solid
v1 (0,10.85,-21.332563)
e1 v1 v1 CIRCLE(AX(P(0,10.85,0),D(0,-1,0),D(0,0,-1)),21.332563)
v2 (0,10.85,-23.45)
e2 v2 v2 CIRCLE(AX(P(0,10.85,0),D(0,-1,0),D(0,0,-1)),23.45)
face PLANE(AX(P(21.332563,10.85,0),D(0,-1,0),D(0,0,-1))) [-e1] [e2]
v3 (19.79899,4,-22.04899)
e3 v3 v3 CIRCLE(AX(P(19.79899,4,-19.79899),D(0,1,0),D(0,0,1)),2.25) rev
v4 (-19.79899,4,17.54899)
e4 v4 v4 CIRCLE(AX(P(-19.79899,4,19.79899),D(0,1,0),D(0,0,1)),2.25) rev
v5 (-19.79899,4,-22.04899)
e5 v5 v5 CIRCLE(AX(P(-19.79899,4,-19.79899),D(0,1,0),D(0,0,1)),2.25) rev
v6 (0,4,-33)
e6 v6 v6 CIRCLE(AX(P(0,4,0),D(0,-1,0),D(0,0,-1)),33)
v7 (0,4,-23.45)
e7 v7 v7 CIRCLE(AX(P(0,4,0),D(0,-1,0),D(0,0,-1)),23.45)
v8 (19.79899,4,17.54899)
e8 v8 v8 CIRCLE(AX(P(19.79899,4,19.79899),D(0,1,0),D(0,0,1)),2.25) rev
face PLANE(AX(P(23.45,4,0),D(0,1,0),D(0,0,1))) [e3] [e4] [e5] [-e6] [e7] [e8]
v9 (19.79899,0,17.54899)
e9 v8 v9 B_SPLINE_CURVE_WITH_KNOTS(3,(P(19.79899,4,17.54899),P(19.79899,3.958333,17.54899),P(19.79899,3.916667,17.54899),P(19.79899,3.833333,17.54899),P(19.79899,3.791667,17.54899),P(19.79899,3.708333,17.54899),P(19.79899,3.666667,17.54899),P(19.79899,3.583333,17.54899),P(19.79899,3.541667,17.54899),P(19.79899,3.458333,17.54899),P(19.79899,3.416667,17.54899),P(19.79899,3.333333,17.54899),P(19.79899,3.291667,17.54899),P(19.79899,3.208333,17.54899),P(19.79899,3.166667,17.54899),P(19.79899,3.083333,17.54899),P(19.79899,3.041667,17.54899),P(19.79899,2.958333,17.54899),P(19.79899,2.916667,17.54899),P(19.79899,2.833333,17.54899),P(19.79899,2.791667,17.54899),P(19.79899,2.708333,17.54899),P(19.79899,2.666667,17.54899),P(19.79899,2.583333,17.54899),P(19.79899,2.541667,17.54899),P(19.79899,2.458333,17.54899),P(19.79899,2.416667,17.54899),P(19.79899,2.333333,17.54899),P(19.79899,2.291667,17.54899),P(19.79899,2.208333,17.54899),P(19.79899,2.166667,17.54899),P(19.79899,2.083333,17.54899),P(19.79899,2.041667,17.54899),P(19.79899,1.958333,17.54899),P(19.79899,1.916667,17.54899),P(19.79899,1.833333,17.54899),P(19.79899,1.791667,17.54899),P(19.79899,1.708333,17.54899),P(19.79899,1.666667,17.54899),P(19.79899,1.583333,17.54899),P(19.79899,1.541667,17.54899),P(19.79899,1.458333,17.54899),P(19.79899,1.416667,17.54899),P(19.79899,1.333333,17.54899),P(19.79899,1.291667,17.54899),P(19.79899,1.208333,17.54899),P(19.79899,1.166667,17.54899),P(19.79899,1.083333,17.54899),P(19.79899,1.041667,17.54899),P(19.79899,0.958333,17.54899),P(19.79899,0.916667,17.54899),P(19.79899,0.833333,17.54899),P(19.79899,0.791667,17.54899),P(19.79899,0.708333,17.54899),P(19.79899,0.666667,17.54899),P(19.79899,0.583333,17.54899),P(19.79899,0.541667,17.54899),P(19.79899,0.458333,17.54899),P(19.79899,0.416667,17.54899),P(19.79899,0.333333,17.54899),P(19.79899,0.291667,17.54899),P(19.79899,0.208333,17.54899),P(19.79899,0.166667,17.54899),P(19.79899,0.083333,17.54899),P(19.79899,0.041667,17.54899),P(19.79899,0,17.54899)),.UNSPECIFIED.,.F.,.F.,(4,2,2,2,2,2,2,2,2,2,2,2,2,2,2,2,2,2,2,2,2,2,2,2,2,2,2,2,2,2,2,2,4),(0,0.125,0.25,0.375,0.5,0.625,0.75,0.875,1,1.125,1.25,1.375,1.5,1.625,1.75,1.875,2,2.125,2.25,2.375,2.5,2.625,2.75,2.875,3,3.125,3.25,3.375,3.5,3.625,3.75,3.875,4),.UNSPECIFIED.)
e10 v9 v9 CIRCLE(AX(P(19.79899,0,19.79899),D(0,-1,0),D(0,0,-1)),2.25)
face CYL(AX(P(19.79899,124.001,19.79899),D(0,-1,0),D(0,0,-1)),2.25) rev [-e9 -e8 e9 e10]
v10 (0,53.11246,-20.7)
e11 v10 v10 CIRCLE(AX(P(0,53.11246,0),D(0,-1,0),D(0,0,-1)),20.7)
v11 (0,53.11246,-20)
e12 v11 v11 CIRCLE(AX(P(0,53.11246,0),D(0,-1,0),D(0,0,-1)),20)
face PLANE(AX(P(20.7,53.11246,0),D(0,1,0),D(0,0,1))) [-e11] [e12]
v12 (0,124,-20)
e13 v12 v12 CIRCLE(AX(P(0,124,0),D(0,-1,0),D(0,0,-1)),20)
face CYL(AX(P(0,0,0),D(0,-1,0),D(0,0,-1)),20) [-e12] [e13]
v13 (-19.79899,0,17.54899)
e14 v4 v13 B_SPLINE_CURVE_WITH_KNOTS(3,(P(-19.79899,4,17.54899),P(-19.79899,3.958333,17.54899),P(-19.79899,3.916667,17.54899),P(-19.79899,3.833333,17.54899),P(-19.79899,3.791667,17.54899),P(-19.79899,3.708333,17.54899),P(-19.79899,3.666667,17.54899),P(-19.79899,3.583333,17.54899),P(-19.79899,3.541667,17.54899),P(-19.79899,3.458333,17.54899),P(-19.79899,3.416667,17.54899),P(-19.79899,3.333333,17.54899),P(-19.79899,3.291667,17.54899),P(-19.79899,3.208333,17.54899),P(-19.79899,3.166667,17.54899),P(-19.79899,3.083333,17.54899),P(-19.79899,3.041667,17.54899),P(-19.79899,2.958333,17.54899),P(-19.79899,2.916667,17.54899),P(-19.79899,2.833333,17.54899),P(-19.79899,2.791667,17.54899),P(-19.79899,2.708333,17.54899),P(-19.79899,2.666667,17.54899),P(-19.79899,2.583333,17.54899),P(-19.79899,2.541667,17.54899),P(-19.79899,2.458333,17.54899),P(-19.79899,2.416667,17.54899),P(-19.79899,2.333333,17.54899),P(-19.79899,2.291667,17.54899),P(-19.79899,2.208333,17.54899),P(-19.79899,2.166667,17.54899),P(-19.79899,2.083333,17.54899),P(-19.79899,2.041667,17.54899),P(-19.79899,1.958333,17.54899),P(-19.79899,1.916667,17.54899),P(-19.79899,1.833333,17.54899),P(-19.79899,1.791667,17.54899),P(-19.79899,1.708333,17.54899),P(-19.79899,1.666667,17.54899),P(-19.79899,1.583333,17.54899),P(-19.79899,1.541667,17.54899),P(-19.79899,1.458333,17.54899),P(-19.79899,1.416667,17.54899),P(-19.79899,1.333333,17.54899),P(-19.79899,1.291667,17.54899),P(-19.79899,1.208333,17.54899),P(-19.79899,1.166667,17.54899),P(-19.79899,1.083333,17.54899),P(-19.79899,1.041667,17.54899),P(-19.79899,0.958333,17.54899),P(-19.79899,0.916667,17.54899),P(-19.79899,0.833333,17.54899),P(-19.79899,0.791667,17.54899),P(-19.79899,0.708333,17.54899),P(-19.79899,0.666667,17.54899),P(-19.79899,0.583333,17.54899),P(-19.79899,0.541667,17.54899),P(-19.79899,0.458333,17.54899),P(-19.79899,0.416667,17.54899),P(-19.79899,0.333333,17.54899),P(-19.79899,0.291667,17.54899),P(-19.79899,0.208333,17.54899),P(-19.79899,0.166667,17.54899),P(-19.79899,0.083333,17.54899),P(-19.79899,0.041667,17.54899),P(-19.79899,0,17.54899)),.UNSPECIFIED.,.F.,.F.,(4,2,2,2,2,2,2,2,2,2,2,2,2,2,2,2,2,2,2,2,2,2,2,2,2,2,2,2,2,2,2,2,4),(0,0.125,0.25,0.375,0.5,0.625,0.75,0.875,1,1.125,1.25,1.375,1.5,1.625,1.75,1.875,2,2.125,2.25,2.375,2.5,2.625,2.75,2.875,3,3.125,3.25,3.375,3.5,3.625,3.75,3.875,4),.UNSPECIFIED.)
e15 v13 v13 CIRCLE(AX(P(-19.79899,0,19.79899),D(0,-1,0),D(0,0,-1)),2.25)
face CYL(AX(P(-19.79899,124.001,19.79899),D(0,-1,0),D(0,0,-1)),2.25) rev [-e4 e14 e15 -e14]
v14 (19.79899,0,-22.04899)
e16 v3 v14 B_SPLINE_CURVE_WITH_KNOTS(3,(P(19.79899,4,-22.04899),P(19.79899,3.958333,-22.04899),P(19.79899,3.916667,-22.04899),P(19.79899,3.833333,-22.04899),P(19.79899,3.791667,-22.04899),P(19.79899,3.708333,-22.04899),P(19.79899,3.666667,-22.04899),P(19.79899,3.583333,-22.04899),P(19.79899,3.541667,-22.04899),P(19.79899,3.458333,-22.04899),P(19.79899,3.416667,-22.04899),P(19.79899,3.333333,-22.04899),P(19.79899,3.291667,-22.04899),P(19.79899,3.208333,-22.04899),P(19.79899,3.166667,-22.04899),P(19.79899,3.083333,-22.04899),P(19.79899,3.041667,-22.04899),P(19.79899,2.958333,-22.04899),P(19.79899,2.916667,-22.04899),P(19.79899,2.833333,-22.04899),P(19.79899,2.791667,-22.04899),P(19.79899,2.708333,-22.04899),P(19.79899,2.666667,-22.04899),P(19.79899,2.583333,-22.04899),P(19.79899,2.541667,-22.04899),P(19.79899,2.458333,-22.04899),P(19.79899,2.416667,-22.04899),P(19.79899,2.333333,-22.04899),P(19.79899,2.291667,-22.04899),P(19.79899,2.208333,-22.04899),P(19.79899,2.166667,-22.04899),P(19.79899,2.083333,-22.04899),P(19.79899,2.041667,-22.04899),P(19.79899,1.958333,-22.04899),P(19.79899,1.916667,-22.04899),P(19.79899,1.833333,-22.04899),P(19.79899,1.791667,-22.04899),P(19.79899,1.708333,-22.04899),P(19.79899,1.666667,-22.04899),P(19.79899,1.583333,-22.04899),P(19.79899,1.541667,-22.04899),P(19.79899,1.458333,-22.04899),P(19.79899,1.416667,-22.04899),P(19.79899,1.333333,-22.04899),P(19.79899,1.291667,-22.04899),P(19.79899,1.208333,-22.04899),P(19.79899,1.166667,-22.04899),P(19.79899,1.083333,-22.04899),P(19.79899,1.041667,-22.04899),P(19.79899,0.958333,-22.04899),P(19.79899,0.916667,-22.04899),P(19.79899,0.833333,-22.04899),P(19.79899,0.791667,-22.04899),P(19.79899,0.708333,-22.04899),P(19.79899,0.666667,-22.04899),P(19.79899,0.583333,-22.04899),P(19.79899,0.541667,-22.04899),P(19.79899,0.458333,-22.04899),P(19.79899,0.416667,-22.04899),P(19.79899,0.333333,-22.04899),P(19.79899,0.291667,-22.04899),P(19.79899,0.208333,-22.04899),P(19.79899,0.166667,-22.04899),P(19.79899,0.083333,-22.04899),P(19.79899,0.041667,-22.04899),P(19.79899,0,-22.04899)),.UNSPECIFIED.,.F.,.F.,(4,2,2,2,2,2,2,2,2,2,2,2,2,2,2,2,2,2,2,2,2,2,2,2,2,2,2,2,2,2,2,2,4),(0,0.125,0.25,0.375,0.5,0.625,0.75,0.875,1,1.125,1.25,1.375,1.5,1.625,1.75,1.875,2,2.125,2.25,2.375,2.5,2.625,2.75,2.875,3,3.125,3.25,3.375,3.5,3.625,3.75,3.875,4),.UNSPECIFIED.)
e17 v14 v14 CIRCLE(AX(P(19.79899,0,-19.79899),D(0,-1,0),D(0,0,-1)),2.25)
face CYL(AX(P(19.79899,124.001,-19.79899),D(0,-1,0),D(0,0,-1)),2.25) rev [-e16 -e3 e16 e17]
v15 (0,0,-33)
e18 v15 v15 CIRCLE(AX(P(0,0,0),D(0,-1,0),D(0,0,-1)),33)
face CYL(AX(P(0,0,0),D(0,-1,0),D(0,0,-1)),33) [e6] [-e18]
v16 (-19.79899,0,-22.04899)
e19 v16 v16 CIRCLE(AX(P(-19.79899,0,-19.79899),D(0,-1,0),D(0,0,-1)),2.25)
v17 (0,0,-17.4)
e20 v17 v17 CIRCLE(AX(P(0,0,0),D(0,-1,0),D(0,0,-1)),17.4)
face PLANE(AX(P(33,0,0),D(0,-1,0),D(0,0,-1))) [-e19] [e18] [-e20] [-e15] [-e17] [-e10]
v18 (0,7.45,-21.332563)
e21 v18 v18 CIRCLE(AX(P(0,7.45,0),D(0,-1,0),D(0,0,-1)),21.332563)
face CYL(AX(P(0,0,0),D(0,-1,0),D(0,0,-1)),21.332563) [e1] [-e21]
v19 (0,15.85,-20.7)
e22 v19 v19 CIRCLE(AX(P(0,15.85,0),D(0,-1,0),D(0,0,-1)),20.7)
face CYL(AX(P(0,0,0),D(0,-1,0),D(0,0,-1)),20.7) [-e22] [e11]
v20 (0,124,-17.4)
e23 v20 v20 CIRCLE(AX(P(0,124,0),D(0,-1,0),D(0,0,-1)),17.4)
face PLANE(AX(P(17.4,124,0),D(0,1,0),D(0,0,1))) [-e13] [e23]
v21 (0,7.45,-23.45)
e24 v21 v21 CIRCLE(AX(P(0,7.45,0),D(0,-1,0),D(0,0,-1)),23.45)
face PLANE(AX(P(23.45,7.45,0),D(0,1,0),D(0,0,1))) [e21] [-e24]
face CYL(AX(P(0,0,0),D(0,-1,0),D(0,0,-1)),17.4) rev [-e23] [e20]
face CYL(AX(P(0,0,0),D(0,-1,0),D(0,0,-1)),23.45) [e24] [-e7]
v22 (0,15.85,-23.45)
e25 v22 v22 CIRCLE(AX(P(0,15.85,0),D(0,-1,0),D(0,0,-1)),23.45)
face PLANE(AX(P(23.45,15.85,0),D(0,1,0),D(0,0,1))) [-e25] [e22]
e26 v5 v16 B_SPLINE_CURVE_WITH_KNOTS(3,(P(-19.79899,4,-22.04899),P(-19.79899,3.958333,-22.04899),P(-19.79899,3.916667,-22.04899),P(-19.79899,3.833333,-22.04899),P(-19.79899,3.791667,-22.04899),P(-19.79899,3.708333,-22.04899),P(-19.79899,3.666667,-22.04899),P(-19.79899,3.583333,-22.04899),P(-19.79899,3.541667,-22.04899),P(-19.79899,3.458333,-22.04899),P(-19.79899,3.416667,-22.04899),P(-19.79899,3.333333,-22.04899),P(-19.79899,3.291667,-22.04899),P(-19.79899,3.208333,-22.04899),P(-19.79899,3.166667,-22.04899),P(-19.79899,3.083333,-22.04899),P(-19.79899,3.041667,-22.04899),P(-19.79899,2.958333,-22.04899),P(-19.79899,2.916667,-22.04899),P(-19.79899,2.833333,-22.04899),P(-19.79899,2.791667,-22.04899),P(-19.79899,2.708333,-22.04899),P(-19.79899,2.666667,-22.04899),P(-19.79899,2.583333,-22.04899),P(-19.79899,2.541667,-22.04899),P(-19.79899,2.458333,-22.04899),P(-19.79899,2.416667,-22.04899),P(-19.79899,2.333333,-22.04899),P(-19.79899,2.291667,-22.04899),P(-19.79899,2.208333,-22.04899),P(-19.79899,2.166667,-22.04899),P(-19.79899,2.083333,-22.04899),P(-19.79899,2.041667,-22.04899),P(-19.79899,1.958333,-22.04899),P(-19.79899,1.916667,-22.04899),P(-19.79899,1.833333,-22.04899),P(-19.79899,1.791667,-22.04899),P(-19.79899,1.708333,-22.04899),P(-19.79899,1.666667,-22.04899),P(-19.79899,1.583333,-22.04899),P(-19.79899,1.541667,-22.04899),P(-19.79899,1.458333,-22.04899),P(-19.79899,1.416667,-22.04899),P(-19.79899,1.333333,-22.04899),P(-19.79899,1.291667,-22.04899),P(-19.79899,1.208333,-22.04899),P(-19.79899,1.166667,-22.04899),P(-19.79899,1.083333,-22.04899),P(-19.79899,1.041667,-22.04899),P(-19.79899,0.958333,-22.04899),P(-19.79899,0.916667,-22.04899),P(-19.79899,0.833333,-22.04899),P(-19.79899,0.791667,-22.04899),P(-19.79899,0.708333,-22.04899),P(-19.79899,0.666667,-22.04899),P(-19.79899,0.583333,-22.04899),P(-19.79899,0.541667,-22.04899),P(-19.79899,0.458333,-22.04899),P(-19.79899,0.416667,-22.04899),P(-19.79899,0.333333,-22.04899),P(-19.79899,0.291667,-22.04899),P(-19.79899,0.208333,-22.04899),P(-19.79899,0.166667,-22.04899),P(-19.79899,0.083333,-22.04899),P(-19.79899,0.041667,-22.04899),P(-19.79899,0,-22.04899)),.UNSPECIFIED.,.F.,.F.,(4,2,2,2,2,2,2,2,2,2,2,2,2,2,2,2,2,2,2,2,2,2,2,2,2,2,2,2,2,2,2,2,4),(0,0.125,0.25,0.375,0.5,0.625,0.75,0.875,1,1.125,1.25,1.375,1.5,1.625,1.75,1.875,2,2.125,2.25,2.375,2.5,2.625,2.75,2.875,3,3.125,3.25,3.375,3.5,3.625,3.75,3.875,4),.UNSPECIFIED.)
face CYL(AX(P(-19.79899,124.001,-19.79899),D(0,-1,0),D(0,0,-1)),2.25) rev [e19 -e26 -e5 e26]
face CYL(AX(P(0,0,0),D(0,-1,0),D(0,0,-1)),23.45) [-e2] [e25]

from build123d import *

# Parameters (mm, degrees)
CUT_EXTRUDE1_REACH = 134.492
SKETCH2_R          = 2.25


with BuildPart() as part:
    # Sketch1 → Revolve1 (revolve)
    with BuildSketch(Plane.XY, mode=Mode.PRIVATE) as revolve1_sk:
        Polygon((17.4, 0), (17.4, 124), (20, 124), (20, 53.11246026), (20.7, 53.11246026), (20.7, 15.85), (23.45, 15.85), (23.45, 10.85), (21.33256308, 10.85), (21.33256308, 7.45), (23.45, 7.45), (23.45, 4), (33, 4), (33, 0), align=None)
    revolve(revolve1_sk.sketch.rotate(Axis((0, 0, 0), (0, 1, 0)), 90), axis=Axis((0, 0, 0), (0, 1, 0)))

    # Sketch2 → Cut-Extrude1 (cut, up to next)
    with BuildSketch(Plane.XZ, mode=Mode.PRIVATE) as cut_extrude1_sk1:
        with Locations(Location((-19.798989873, 19.798989873, 0), (0, 0, 270))):
            Circle(SKETCH2_R)
    cut_extrude1_tool1 = extrude(cut_extrude1_sk1.sketch, amount=-CUT_EXTRUDE1_REACH, mode=Mode.PRIVATE) & part.part
    # Sketch2 → Cut-Extrude1 (cut, up to next)
    with BuildSketch(Plane.XZ, mode=Mode.PRIVATE) as cut_extrude1_sk2:
        with Locations(Location((19.798989873, 19.798989873, 0), (0, 0, 270))):
            Circle(SKETCH2_R)
    cut_extrude1_tool2 = extrude(cut_extrude1_sk2.sketch, amount=-CUT_EXTRUDE1_REACH, mode=Mode.PRIVATE) & part.part
    # Sketch2 → Cut-Extrude1 (cut, up to next)
    with BuildSketch(Plane.XZ, mode=Mode.PRIVATE) as cut_extrude1_sk3:
        with Locations(Location((19.798989873, -19.798989873, 0), (0, 0, 270))):
            Circle(SKETCH2_R)
    cut_extrude1_tool3 = extrude(cut_extrude1_sk3.sketch, amount=-CUT_EXTRUDE1_REACH, mode=Mode.PRIVATE) & part.part
    # Sketch2 → Cut-Extrude1 (cut, up to next)
    with BuildSketch(Plane.XZ, mode=Mode.PRIVATE) as cut_extrude1_sk4:
        with Locations(Location((-19.798989873, -19.798989873, 0), (0, 0, 270))):
            Circle(SKETCH2_R)
    cut_extrude1_tool4 = extrude(cut_extrude1_sk4.sketch, amount=-CUT_EXTRUDE1_REACH, mode=Mode.PRIVATE) & part.part
    add(cut_extrude1_tool1.solids().sort_by_distance((-19.79899, 0, 19.79899))[0], mode=Mode.SUBTRACT)
    add(cut_extrude1_tool2.solids().sort_by_distance((19.79899, 0, 19.79899))[0], mode=Mode.SUBTRACT)
    add(cut_extrude1_tool3.solids().sort_by_distance((19.79899, 0, -19.79899))[0], mode=Mode.SUBTRACT)
    add(cut_extrude1_tool4.solids().sort_by_distance((-19.79899, 0, -19.79899))[0], mode=Mode.SUBTRACT)


solid = part.part
